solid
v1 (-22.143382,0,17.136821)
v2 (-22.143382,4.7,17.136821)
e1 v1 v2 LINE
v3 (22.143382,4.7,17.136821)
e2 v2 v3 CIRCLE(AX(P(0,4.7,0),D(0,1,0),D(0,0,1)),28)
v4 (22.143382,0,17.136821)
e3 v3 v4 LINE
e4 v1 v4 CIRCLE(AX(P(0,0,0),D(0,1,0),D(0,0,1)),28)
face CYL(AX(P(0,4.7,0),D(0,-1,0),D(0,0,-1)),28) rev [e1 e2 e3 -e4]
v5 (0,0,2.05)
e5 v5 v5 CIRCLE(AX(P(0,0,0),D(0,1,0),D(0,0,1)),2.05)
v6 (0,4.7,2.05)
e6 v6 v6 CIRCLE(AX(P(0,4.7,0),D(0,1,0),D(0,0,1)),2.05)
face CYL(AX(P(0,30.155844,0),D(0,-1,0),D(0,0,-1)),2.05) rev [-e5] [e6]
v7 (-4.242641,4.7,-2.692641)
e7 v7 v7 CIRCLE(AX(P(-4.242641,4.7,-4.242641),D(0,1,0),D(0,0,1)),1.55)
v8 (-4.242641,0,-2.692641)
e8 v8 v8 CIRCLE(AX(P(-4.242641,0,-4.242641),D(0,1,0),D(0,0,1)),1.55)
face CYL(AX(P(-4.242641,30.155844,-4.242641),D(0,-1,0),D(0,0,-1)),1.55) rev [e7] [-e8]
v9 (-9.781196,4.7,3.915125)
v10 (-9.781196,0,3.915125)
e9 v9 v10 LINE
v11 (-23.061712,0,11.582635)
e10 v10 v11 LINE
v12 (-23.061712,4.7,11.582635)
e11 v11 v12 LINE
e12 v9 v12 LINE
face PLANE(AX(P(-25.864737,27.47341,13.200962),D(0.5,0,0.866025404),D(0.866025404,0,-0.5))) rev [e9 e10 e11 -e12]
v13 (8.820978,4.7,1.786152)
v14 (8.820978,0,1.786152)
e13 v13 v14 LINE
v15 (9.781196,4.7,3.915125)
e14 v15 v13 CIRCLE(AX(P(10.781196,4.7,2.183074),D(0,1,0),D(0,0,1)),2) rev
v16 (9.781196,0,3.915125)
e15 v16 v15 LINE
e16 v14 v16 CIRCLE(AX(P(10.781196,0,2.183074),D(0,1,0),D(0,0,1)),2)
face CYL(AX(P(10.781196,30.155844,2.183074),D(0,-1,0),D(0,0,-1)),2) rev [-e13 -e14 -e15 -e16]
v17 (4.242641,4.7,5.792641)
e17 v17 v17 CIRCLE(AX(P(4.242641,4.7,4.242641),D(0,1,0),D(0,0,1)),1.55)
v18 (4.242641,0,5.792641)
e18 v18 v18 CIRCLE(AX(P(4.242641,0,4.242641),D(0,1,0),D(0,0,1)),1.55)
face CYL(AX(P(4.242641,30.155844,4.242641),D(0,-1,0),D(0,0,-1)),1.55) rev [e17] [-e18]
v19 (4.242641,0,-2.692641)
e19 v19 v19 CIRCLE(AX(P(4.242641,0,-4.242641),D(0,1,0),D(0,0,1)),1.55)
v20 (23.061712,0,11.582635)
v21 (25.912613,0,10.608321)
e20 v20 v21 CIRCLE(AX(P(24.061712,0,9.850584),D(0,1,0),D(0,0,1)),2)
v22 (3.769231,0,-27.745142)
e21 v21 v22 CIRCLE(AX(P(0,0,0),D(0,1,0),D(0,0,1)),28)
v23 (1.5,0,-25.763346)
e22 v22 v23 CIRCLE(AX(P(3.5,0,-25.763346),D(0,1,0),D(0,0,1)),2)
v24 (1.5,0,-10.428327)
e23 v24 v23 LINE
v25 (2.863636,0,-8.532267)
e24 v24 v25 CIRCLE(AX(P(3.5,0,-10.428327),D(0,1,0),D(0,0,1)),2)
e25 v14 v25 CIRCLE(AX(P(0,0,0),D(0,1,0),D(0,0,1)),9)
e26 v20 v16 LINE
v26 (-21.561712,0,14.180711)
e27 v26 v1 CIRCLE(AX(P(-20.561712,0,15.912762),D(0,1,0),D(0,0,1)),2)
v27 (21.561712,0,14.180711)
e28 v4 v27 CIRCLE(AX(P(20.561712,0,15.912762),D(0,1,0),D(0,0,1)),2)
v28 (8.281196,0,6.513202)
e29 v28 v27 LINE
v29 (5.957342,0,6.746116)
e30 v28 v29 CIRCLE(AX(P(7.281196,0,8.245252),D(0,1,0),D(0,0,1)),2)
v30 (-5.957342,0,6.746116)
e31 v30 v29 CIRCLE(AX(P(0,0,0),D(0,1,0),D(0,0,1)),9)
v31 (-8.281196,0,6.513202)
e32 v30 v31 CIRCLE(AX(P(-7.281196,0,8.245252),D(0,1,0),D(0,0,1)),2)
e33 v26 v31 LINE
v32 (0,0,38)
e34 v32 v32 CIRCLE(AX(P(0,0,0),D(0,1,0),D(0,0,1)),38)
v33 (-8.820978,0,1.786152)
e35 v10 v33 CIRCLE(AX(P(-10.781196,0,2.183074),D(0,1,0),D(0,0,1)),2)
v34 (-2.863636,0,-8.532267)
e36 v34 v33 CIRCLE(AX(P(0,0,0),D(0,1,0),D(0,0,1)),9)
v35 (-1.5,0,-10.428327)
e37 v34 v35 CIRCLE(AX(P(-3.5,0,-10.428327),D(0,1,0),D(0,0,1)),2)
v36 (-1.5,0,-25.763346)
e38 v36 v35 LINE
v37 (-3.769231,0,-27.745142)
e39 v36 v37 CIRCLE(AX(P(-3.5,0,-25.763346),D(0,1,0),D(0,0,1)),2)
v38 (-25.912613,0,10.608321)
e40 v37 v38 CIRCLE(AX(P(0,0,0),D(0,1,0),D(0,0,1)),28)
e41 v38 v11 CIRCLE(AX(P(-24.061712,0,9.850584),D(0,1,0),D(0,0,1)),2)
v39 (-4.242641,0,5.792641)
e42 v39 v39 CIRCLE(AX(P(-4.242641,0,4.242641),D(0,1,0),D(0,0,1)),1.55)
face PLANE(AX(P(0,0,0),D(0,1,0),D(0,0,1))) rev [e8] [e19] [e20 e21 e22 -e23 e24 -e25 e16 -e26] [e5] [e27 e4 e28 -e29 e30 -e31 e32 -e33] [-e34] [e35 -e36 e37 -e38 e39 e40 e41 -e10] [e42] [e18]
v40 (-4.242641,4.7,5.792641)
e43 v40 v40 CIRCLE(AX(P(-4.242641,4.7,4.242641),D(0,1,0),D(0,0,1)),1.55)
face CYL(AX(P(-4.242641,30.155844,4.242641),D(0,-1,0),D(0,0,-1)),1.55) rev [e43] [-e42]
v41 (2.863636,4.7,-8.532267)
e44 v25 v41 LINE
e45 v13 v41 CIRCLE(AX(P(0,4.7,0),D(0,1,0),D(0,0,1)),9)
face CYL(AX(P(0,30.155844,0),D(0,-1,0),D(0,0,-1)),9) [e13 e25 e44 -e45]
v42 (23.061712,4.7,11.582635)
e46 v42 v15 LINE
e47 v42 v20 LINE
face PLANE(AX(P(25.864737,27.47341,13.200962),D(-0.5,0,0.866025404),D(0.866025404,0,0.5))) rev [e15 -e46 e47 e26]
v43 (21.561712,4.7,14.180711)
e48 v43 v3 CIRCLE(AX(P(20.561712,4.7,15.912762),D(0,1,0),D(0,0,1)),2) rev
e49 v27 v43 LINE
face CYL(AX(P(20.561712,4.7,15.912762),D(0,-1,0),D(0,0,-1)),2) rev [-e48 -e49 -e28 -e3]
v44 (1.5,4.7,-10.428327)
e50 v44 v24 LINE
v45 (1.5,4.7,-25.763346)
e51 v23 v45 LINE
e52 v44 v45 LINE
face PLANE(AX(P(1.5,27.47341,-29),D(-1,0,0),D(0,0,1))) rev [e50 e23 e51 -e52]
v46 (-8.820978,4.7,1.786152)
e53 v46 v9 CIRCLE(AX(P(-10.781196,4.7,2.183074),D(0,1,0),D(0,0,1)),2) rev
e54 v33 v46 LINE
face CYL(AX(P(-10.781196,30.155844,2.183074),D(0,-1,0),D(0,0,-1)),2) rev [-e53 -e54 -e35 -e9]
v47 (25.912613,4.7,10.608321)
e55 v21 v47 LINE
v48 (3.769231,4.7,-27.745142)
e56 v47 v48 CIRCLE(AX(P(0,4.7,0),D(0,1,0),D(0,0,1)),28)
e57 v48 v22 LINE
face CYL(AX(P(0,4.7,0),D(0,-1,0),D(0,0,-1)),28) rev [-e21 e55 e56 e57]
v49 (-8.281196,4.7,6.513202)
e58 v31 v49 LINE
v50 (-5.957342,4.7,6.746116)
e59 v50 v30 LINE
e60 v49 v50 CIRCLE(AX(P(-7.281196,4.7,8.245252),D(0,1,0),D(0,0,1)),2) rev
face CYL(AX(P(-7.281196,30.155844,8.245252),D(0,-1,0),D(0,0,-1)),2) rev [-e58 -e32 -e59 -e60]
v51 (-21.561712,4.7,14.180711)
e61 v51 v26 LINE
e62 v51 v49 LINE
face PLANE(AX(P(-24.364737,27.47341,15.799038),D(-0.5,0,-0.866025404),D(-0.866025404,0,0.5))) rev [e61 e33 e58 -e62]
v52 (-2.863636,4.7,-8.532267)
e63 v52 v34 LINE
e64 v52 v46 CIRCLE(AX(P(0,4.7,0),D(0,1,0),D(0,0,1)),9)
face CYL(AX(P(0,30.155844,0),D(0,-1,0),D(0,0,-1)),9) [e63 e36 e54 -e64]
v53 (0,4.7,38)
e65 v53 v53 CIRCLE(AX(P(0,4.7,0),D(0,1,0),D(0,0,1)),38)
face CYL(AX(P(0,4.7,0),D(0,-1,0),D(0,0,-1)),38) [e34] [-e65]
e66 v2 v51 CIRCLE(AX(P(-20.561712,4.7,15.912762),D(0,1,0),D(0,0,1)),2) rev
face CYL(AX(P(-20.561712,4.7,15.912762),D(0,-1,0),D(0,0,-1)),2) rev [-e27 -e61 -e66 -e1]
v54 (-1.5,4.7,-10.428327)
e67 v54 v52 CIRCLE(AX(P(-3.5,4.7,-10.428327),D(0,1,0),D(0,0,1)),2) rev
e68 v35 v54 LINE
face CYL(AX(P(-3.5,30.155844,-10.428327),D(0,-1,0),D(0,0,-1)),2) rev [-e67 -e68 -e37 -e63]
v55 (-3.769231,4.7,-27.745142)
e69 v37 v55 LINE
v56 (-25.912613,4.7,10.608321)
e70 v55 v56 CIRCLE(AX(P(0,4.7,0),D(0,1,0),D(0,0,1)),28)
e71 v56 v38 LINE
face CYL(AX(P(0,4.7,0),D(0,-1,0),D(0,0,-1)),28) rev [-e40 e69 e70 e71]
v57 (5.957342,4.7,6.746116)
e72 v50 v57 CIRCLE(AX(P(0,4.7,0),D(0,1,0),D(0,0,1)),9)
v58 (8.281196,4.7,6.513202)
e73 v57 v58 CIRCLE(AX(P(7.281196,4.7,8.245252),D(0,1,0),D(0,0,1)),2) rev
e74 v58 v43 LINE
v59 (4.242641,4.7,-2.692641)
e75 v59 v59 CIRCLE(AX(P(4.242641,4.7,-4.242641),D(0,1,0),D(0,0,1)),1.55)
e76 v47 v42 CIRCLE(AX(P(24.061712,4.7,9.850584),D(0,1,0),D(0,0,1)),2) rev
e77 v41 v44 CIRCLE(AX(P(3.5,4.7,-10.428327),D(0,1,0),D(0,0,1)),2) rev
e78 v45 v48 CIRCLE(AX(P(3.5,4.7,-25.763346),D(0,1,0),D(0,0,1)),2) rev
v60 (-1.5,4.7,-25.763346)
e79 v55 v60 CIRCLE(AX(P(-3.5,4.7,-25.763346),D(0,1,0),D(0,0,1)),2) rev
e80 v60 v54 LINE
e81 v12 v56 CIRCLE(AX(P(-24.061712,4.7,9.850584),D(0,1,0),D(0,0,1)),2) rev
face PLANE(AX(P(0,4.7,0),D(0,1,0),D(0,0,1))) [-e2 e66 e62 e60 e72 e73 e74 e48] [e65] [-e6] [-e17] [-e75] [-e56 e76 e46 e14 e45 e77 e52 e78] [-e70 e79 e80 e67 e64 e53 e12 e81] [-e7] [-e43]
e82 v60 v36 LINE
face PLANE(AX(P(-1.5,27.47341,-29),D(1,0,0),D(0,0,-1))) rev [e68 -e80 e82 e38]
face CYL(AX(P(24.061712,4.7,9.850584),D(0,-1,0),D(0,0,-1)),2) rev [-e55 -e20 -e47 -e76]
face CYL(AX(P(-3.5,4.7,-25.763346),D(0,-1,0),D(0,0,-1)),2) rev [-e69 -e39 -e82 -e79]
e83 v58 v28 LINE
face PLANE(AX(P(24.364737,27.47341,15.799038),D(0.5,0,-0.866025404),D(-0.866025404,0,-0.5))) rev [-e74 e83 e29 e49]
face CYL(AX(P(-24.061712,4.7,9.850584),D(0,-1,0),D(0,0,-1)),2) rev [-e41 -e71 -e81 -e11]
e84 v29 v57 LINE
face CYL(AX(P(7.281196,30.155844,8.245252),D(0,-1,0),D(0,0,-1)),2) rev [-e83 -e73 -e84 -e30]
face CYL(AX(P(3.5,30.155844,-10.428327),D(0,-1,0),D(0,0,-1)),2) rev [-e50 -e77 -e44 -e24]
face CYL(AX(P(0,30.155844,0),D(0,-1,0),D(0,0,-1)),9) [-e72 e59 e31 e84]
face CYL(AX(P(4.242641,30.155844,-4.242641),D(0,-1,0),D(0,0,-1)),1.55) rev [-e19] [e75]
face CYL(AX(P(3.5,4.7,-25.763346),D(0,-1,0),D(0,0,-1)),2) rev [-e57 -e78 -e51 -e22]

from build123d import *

# Parameters (mm, degrees)
SKETCH1_R           = 38
SKETCH1_R_2         = 28
BOSS_EXTRUDE1_DEPTH = 4.7
SKETCH2_R           = 9
SKETCH2_R_2         = 2.05
SKETCH2_R_3         = 1.55
BOSS_EXTRUDE2_DEPTH = 4.7
SKETCH3_W           = 3
SKETCH3_H           = 20.125880325
BOSS_EXTRUDE3_DEPTH = 4.7
FILLET1_R           = 2
FILLET2_R           = 2


with BuildPart() as part:
    # Sketch1 → Boss-Extrude1 (new body)
    with BuildSketch(Plane(origin=(0, 0, 0), x_dir=(1, 0, 0), z_dir=(0, 1, 0))):
        with Locations(Location((0, 0, 0), (0, 0, 270))):
            Circle(SKETCH1_R)
        with Locations(Location((0, 0, 0), (0, 0, 270))):
            Circle(SKETCH1_R_2, mode=Mode.SUBTRACT)
    extrude(amount=BOSS_EXTRUDE1_DEPTH)



with BuildPart() as body_2:
    # Sketch2 → Boss-Extrude2 (new body)
    with BuildSketch(Plane(origin=(0, 0, 0), x_dir=(1, 0, 0), z_dir=(0, 1, 0))):
        with Locations(Location((0, 0, 0), (0, 0, 270))):
            Circle(SKETCH2_R)
        with Locations(Location((0, 0, 0), (0, 0, 270))):
            Circle(SKETCH2_R_2, mode=Mode.SUBTRACT)
        with Locations(Location((-4.242640687, 4.242640687, 0), (0, 0, 270))):
            Circle(SKETCH2_R_3, mode=Mode.SUBTRACT)
        with Locations(Location((-4.242640687, -4.242640687, 0), (0, 0, 270))):
            Circle(SKETCH2_R_3, mode=Mode.SUBTRACT)
        with Locations(Location((4.242640687, -4.242640687, 0), (0, 0, 270))):
            Circle(SKETCH2_R_3, mode=Mode.SUBTRACT)
        with Locations(Location((4.242640687, 4.242640687, 0), (0, 0, 270))):
            Circle(SKETCH2_R_3, mode=Mode.SUBTRACT)
    extrude(amount=BOSS_EXTRUDE2_DEPTH)


with BuildPart() as part_1:
    add(part.part)

    add(body_2.part)  # Boss-Extrude3 merges body 2
    # Sketch3 → Boss-Extrude3 (add)
    with BuildSketch(Plane(origin=(0, 0, 0), x_dir=(1, 0, 0), z_dir=(0, 1, 0))):
        with Locations((0, 18.937059838)):
            Rectangle(SKETCH3_W, SKETCH3_H)
        Polygon((25.86473671, -13.200961894), (24.36473671, -15.799038106), (6.935213074, -5.736097943), (8.435213074, -3.138021732), align=None)
        Polygon((-24.36473671, -15.799038106), (-25.86473671, -13.200961894), (-8.435213074, -3.138021732), (-6.935213074, -5.736097943), align=None)
    extrude(amount=BOSS_EXTRUDE3_DEPTH)

    # Fillet1
    fillet1_edges = [part_1.edges().sort_by_distance(p)[0] for p in [
        (1.5, 2.35, -27.95979256),
        (-1.5, 2.35, -27.95979256),
        (24.963890642, 2.35, 12.680858174),
        (23.463890642, 2.35, 15.278934386),
        (-23.463890642, 2.35, 15.278934386),
        (-24.963890642, 2.35, 12.680858174),
    ]]
    fillet(fillet1_edges, radius=FILLET1_R)

    # Fillet2
    fillet2_edges = [part_1.edges().sort_by_distance(p)[0] for p in [
        (-1.5, 2.35, -8.874119675),
        (1.5, 2.35, -8.874119675),
        (8.435213074, 2.35, 3.138021732),
        (6.935213074, 2.35, 5.736097943),
        (-6.935213074, 2.35, 5.736097943),
        (-8.435213074, 2.35, 3.138021732),
    ]]
    fillet(fillet2_edges, radius=FILLET2_R)


solid = part_1.part
